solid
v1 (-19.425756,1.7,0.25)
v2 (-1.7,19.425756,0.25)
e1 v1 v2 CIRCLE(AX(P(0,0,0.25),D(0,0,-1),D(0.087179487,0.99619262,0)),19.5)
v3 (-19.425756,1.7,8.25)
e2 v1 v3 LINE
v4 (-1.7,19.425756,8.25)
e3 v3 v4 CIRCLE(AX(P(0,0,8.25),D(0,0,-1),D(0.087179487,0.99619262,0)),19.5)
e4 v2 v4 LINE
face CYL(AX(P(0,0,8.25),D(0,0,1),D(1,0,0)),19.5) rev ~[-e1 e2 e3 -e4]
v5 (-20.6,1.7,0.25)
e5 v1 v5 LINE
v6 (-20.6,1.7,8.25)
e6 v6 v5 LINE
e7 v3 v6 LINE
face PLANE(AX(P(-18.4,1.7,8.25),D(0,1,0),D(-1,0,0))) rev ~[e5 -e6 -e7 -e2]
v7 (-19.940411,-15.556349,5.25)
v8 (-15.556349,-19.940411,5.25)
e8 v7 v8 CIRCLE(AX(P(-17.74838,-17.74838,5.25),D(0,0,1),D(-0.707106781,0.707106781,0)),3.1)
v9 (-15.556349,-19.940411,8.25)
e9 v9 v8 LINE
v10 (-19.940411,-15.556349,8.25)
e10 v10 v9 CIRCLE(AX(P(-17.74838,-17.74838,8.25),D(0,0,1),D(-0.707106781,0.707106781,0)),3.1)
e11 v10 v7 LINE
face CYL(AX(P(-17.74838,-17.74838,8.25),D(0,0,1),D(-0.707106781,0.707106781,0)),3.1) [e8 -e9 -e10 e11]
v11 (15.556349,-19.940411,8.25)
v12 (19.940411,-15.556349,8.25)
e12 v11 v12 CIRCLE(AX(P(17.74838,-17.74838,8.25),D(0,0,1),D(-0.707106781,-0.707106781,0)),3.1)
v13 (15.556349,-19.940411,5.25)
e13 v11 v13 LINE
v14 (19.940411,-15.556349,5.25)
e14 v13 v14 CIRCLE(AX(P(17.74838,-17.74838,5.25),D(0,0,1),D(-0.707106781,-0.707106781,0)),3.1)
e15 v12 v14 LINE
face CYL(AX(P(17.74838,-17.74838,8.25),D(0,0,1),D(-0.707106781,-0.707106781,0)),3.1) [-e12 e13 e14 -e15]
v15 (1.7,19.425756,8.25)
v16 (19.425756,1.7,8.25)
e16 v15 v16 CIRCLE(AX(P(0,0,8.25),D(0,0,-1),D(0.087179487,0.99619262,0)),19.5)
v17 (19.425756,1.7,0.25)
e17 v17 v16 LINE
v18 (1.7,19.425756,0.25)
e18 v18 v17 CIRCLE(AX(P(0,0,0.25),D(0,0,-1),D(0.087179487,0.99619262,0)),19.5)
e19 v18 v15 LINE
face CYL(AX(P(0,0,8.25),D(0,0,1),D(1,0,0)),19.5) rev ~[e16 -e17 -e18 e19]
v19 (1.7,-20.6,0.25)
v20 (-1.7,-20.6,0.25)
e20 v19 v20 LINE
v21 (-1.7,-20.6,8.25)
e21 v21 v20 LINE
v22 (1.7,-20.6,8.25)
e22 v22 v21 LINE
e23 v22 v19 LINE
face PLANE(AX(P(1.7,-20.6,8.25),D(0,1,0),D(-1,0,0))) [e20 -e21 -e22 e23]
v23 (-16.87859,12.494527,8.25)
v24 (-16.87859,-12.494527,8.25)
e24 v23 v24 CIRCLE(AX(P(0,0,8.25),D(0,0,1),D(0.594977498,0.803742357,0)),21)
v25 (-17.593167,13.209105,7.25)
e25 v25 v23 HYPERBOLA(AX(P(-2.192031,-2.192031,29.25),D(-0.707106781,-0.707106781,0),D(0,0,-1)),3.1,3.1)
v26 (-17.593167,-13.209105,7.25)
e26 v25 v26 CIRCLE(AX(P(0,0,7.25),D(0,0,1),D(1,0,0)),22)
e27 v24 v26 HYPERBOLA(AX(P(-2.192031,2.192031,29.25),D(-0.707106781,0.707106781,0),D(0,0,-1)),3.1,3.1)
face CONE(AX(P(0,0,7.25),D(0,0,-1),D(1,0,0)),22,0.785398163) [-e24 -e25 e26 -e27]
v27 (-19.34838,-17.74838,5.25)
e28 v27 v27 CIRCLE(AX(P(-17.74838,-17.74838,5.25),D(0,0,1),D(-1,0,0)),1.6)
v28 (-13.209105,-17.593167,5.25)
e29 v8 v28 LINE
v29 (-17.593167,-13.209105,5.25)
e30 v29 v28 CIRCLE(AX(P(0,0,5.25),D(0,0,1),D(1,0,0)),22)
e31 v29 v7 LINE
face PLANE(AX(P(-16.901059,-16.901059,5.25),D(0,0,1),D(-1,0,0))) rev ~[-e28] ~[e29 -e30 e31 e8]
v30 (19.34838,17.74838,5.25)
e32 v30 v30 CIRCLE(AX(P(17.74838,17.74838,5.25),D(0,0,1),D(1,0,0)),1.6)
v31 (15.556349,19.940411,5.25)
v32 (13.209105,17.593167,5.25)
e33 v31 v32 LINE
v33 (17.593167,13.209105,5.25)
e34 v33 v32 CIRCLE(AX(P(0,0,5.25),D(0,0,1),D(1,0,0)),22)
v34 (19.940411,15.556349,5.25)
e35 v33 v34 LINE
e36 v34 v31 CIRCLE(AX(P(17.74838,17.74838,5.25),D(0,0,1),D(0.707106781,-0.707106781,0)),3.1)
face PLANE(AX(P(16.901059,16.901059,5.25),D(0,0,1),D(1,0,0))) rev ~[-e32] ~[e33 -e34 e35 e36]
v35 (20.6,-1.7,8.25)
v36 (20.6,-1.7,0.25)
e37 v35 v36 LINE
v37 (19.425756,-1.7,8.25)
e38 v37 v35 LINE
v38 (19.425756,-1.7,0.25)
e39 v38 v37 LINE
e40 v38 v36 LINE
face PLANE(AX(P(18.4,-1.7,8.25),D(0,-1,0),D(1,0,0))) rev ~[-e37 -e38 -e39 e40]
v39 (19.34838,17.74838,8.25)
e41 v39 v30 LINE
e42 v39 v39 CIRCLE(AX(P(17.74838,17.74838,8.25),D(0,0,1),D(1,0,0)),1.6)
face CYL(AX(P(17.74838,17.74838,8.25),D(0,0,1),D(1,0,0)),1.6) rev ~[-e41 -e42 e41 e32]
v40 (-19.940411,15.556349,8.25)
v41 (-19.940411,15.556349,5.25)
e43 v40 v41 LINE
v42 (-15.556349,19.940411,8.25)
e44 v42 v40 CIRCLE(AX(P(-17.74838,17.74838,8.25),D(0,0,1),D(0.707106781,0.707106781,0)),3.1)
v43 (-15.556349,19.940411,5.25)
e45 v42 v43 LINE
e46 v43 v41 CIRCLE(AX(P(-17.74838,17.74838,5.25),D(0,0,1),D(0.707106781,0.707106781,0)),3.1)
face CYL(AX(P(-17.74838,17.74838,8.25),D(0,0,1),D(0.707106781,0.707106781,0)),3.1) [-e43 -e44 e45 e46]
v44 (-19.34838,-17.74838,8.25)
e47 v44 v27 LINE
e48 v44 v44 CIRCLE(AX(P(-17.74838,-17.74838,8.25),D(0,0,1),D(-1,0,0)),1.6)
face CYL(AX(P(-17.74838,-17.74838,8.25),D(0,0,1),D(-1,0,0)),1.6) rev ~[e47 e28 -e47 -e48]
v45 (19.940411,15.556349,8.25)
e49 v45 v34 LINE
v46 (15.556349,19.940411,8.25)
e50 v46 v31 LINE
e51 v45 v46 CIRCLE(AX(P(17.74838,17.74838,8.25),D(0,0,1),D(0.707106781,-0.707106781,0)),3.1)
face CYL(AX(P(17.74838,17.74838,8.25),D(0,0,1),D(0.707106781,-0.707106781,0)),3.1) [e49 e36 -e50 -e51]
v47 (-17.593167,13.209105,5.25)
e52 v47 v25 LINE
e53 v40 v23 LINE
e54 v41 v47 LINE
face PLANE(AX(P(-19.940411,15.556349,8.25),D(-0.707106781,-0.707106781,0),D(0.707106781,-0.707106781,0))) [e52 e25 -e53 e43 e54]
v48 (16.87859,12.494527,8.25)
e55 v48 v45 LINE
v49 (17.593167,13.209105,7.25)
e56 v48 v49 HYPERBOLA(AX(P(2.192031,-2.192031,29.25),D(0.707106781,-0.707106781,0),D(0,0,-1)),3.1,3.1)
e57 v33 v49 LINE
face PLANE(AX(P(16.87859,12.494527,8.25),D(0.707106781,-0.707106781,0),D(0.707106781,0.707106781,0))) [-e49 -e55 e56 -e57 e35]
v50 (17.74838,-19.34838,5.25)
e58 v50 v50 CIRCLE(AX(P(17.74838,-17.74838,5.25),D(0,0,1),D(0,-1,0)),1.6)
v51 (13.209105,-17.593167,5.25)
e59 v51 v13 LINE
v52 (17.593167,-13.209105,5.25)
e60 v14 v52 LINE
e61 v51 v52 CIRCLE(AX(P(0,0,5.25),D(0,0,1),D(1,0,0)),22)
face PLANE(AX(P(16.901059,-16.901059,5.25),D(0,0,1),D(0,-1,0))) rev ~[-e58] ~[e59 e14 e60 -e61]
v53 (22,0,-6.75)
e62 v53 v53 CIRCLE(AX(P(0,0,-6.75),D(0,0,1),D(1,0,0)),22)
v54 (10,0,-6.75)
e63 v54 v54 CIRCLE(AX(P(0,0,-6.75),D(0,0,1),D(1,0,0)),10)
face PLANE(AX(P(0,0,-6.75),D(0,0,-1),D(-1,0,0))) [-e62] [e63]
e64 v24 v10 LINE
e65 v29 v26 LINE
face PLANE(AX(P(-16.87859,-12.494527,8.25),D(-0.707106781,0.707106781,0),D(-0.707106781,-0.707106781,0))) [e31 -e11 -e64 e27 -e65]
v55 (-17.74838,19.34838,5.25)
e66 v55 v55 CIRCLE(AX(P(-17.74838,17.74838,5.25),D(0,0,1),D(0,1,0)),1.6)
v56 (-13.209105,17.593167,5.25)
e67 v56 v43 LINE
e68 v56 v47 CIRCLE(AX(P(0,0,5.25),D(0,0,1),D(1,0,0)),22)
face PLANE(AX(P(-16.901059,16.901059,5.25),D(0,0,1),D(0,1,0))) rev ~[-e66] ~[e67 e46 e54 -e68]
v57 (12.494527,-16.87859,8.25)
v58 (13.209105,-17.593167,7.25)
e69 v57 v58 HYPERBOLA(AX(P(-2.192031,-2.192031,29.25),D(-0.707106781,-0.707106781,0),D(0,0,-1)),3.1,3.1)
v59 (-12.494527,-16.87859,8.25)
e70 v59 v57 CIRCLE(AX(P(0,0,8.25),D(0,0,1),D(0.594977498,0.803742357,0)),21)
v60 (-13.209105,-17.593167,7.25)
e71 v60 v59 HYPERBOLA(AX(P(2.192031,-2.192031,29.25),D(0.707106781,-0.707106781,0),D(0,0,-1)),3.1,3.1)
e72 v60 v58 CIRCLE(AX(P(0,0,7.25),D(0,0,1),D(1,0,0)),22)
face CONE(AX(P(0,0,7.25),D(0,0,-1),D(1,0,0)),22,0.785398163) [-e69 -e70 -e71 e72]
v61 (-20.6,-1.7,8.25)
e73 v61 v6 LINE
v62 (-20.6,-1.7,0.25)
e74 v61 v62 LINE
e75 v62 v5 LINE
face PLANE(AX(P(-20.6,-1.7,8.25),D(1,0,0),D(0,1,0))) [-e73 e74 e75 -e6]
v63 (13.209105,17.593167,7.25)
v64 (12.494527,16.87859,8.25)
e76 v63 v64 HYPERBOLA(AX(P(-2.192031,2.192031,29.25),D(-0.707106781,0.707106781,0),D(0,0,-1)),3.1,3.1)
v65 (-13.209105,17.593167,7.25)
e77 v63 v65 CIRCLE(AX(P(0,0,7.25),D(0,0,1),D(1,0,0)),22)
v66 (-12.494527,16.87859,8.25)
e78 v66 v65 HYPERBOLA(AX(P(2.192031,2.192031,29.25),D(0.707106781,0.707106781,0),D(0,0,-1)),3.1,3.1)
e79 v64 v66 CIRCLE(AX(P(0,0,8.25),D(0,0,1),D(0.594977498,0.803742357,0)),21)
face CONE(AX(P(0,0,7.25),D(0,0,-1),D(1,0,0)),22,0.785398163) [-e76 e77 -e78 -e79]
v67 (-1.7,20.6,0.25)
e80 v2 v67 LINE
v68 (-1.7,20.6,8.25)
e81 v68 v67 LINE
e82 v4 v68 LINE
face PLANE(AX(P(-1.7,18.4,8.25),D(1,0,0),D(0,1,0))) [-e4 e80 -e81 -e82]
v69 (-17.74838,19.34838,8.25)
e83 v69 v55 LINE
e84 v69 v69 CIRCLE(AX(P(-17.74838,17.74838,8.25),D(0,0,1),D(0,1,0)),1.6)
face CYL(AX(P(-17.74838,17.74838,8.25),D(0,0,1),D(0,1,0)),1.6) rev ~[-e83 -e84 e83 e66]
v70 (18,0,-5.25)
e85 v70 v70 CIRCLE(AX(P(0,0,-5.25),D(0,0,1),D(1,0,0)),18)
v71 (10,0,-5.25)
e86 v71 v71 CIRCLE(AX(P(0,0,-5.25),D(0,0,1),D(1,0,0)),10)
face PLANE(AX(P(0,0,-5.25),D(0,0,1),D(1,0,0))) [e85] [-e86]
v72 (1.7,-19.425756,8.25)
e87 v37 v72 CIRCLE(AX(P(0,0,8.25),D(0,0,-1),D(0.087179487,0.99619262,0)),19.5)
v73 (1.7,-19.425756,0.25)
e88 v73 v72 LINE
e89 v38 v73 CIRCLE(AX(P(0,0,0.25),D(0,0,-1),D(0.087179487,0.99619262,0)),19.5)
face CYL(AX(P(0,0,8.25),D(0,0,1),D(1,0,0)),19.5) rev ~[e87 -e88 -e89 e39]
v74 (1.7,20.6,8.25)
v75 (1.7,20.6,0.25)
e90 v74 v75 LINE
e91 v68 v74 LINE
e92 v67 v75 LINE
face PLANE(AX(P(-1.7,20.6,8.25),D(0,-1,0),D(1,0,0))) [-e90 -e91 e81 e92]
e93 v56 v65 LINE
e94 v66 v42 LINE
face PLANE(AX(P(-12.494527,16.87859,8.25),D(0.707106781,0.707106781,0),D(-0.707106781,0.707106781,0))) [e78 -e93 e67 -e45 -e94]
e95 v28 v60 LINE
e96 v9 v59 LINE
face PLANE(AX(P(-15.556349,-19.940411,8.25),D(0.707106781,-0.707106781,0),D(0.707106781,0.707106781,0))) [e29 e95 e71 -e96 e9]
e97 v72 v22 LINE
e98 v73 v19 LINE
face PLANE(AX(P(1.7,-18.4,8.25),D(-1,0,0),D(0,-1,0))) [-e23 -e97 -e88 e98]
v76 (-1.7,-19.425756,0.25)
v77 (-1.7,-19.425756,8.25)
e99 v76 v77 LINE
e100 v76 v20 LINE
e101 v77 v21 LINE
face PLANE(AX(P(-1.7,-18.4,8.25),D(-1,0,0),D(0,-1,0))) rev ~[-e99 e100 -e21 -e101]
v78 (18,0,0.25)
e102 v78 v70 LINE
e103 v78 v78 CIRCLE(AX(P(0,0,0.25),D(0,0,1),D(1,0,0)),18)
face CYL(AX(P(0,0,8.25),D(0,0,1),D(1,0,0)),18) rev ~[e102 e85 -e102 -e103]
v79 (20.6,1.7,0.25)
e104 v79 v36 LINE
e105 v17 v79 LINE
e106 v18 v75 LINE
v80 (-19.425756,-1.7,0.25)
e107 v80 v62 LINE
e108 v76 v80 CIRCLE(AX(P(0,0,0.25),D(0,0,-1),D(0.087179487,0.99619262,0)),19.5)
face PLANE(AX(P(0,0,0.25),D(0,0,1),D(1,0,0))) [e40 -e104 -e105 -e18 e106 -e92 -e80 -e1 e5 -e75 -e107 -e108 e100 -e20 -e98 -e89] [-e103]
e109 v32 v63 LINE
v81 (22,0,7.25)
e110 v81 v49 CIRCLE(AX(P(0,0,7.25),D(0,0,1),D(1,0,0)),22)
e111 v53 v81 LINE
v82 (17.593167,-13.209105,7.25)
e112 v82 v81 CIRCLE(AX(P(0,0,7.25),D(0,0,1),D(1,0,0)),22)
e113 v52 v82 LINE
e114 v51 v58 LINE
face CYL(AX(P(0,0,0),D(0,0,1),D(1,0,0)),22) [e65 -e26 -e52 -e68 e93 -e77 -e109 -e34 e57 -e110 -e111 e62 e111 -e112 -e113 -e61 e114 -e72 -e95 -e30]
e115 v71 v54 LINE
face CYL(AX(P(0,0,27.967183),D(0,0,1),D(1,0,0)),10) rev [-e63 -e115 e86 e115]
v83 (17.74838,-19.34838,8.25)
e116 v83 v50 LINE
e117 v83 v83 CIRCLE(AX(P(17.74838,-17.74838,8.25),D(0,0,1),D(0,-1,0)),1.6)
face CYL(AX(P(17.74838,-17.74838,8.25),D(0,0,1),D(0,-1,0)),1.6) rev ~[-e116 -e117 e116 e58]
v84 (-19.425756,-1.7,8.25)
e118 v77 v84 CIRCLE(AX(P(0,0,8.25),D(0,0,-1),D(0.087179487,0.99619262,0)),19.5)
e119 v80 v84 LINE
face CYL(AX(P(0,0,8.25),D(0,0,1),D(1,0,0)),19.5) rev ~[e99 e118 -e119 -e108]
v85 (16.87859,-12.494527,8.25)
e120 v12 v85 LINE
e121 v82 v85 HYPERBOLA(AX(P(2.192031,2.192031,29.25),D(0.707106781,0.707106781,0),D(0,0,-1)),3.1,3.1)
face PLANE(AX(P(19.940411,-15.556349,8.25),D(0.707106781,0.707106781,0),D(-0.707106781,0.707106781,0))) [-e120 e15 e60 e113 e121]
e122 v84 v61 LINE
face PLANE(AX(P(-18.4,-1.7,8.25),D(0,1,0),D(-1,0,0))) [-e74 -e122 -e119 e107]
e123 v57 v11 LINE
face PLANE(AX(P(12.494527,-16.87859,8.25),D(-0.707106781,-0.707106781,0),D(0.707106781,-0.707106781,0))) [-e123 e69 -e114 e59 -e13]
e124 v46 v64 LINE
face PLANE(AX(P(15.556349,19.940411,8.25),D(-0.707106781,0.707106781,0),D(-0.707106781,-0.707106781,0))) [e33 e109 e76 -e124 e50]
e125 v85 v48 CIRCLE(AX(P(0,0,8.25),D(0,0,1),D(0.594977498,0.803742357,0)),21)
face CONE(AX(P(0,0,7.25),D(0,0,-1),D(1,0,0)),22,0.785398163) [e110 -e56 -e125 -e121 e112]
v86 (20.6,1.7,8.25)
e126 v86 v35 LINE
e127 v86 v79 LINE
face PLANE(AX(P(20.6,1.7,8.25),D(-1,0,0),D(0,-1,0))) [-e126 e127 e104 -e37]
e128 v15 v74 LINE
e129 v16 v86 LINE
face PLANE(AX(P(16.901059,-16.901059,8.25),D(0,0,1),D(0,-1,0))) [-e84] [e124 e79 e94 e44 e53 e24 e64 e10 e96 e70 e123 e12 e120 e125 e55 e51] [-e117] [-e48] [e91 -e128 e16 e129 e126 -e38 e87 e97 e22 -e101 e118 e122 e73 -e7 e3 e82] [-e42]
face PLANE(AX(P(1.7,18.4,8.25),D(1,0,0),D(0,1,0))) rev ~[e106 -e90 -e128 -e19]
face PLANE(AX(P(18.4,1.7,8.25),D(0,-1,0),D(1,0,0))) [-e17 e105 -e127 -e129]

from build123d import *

# Parameters (mm, degrees)
SKETCH1_R               = 22
BOSS_EXTRUDE1_DEPTH     = 8.25
SKETCH2_R               = 18
CUT_EXTRUDE1_DEPTH      = 13.5
SKETCH3_R               = 19.5
CUT_EXTRUDE2_DEPTH      = 8
CUT_EXTRUDE3_DEPTH      = 36.217183306
CUT_EXTRUDE3_DEPTH_BACK = 36.217183306
SKETCH4_R               = 10
SKETCH6_W               = 3.4
SKETCH6_H               = 2.2
CUT_EXTRUDE5_DEPTH      = 8
CIRPATTERN1_COUNT       = 4
CUT_EXTRUDE6_START      = -1.5
SKETCH7_R               = 22
CUT_EXTRUDE6_DEPTH      = 1.5
CHAMFER1_SIZE           = 1
SKETCH8_R               = 1.6
BOSS_EXTRUDE2_DEPTH     = 3
CIRPATTERN2_COUNT       = 4


with BuildPart() as part:
    # Sketch1 → Boss-Extrude1 (new, symmetric)
    with BuildSketch(Plane.XY):
        Circle(SKETCH1_R)
    extrude(amount=BOSS_EXTRUDE1_DEPTH, both=True)

    # Sketch2 → Cut-Extrude1 (cut)
    with BuildSketch(Plane.XY.offset(8.25)):
        Circle(SKETCH2_R)
    extrude(amount=-CUT_EXTRUDE1_DEPTH, mode=Mode.SUBTRACT)

    # Sketch3 → Cut-Extrude2 (cut)
    with BuildSketch(Plane.XY.offset(8.25)):
        Circle(SKETCH3_R)
    extrude(amount=-CUT_EXTRUDE2_DEPTH, mode=Mode.SUBTRACT)

    # Sketch4 → Cut-Extrude3 (cut, two sides: drawn at the far end of the back side and taken through both)
    with BuildSketch(Plane(origin=(0, 0, -8.25), x_dir=(-1, 0, 0), z_dir=(0, 0, -1)).offset(-CUT_EXTRUDE3_DEPTH_BACK)):
        with Locations(Location((0, 0, 0), (0, 0, 180))):
            Circle(SKETCH4_R)
    extrude(amount=CUT_EXTRUDE3_DEPTH + CUT_EXTRUDE3_DEPTH_BACK, mode=Mode.SUBTRACT)

    # Sketch6 → Cut-Extrude5 (cut)
    with BuildSketch(Plane.XY.offset(8.25)):
        with Locations((0, 19.5)):
            Rectangle(SKETCH6_W, SKETCH6_H)
    cut_extrude5 = extrude(amount=-CUT_EXTRUDE5_DEPTH, mode=Mode.SUBTRACT)

    # CirPattern1: Cut-Extrude5 ×4 about axis
    cirpattern1_axis = Axis((0, 0, 0), (0, 0, 1))
    for i in range(1, CIRPATTERN1_COUNT):
        add(cut_extrude5.rotate(cirpattern1_axis, i * 360 / CIRPATTERN1_COUNT), mode=Mode.SUBTRACT)

    # Sketch7 → Cut-Extrude6 (cut)
    with BuildSketch(Plane(origin=(0, 0, -8.25), x_dir=(-1, 0, 0), z_dir=(0, 0, -1)).offset(CUT_EXTRUDE6_START)):
        Circle(SKETCH7_R)
    extrude(amount=CUT_EXTRUDE6_DEPTH, mode=Mode.SUBTRACT)

    # Chamfer1
    chamfer1_edges = [part.edges().sort_by_distance(p)[0] for p in [
        (-22, 0, 8.25),
    ]]
    chamfer(chamfer1_edges, length=CHAMFER1_SIZE)

    # Sketch8 → Boss-Extrude2 (add)
    with BuildSketch(Plane.XY.offset(8.25)):
        with BuildLine():
            Line((15.556349186, 19.940411229), (12.494527459, 16.878589502))
            Line((12.494527459, 16.878589502), (16.878589502, 12.494527459))
            Line((16.878589502, 12.494527459), (19.940411229, 15.556349186))
            ThreePointArc((19.940411229, 15.556349186), (19.940411229, 19.940411229), (15.556349186, 19.940411229))
        make_face()
        with Locations((17.748380208, 17.748380208)):
            Circle(SKETCH8_R, mode=Mode.SUBTRACT)
    boss_extrude2 = extrude(amount=-BOSS_EXTRUDE2_DEPTH)

    # CirPattern2: Boss-Extrude2 ×4 about axis
    cirpattern2_axis = Axis((0, 0, 0), (0, 0, 1))
    for i in range(1, CIRPATTERN2_COUNT):
        add(boss_extrude2.rotate(cirpattern2_axis, i * 360 / CIRPATTERN2_COUNT))


solid = part.part
